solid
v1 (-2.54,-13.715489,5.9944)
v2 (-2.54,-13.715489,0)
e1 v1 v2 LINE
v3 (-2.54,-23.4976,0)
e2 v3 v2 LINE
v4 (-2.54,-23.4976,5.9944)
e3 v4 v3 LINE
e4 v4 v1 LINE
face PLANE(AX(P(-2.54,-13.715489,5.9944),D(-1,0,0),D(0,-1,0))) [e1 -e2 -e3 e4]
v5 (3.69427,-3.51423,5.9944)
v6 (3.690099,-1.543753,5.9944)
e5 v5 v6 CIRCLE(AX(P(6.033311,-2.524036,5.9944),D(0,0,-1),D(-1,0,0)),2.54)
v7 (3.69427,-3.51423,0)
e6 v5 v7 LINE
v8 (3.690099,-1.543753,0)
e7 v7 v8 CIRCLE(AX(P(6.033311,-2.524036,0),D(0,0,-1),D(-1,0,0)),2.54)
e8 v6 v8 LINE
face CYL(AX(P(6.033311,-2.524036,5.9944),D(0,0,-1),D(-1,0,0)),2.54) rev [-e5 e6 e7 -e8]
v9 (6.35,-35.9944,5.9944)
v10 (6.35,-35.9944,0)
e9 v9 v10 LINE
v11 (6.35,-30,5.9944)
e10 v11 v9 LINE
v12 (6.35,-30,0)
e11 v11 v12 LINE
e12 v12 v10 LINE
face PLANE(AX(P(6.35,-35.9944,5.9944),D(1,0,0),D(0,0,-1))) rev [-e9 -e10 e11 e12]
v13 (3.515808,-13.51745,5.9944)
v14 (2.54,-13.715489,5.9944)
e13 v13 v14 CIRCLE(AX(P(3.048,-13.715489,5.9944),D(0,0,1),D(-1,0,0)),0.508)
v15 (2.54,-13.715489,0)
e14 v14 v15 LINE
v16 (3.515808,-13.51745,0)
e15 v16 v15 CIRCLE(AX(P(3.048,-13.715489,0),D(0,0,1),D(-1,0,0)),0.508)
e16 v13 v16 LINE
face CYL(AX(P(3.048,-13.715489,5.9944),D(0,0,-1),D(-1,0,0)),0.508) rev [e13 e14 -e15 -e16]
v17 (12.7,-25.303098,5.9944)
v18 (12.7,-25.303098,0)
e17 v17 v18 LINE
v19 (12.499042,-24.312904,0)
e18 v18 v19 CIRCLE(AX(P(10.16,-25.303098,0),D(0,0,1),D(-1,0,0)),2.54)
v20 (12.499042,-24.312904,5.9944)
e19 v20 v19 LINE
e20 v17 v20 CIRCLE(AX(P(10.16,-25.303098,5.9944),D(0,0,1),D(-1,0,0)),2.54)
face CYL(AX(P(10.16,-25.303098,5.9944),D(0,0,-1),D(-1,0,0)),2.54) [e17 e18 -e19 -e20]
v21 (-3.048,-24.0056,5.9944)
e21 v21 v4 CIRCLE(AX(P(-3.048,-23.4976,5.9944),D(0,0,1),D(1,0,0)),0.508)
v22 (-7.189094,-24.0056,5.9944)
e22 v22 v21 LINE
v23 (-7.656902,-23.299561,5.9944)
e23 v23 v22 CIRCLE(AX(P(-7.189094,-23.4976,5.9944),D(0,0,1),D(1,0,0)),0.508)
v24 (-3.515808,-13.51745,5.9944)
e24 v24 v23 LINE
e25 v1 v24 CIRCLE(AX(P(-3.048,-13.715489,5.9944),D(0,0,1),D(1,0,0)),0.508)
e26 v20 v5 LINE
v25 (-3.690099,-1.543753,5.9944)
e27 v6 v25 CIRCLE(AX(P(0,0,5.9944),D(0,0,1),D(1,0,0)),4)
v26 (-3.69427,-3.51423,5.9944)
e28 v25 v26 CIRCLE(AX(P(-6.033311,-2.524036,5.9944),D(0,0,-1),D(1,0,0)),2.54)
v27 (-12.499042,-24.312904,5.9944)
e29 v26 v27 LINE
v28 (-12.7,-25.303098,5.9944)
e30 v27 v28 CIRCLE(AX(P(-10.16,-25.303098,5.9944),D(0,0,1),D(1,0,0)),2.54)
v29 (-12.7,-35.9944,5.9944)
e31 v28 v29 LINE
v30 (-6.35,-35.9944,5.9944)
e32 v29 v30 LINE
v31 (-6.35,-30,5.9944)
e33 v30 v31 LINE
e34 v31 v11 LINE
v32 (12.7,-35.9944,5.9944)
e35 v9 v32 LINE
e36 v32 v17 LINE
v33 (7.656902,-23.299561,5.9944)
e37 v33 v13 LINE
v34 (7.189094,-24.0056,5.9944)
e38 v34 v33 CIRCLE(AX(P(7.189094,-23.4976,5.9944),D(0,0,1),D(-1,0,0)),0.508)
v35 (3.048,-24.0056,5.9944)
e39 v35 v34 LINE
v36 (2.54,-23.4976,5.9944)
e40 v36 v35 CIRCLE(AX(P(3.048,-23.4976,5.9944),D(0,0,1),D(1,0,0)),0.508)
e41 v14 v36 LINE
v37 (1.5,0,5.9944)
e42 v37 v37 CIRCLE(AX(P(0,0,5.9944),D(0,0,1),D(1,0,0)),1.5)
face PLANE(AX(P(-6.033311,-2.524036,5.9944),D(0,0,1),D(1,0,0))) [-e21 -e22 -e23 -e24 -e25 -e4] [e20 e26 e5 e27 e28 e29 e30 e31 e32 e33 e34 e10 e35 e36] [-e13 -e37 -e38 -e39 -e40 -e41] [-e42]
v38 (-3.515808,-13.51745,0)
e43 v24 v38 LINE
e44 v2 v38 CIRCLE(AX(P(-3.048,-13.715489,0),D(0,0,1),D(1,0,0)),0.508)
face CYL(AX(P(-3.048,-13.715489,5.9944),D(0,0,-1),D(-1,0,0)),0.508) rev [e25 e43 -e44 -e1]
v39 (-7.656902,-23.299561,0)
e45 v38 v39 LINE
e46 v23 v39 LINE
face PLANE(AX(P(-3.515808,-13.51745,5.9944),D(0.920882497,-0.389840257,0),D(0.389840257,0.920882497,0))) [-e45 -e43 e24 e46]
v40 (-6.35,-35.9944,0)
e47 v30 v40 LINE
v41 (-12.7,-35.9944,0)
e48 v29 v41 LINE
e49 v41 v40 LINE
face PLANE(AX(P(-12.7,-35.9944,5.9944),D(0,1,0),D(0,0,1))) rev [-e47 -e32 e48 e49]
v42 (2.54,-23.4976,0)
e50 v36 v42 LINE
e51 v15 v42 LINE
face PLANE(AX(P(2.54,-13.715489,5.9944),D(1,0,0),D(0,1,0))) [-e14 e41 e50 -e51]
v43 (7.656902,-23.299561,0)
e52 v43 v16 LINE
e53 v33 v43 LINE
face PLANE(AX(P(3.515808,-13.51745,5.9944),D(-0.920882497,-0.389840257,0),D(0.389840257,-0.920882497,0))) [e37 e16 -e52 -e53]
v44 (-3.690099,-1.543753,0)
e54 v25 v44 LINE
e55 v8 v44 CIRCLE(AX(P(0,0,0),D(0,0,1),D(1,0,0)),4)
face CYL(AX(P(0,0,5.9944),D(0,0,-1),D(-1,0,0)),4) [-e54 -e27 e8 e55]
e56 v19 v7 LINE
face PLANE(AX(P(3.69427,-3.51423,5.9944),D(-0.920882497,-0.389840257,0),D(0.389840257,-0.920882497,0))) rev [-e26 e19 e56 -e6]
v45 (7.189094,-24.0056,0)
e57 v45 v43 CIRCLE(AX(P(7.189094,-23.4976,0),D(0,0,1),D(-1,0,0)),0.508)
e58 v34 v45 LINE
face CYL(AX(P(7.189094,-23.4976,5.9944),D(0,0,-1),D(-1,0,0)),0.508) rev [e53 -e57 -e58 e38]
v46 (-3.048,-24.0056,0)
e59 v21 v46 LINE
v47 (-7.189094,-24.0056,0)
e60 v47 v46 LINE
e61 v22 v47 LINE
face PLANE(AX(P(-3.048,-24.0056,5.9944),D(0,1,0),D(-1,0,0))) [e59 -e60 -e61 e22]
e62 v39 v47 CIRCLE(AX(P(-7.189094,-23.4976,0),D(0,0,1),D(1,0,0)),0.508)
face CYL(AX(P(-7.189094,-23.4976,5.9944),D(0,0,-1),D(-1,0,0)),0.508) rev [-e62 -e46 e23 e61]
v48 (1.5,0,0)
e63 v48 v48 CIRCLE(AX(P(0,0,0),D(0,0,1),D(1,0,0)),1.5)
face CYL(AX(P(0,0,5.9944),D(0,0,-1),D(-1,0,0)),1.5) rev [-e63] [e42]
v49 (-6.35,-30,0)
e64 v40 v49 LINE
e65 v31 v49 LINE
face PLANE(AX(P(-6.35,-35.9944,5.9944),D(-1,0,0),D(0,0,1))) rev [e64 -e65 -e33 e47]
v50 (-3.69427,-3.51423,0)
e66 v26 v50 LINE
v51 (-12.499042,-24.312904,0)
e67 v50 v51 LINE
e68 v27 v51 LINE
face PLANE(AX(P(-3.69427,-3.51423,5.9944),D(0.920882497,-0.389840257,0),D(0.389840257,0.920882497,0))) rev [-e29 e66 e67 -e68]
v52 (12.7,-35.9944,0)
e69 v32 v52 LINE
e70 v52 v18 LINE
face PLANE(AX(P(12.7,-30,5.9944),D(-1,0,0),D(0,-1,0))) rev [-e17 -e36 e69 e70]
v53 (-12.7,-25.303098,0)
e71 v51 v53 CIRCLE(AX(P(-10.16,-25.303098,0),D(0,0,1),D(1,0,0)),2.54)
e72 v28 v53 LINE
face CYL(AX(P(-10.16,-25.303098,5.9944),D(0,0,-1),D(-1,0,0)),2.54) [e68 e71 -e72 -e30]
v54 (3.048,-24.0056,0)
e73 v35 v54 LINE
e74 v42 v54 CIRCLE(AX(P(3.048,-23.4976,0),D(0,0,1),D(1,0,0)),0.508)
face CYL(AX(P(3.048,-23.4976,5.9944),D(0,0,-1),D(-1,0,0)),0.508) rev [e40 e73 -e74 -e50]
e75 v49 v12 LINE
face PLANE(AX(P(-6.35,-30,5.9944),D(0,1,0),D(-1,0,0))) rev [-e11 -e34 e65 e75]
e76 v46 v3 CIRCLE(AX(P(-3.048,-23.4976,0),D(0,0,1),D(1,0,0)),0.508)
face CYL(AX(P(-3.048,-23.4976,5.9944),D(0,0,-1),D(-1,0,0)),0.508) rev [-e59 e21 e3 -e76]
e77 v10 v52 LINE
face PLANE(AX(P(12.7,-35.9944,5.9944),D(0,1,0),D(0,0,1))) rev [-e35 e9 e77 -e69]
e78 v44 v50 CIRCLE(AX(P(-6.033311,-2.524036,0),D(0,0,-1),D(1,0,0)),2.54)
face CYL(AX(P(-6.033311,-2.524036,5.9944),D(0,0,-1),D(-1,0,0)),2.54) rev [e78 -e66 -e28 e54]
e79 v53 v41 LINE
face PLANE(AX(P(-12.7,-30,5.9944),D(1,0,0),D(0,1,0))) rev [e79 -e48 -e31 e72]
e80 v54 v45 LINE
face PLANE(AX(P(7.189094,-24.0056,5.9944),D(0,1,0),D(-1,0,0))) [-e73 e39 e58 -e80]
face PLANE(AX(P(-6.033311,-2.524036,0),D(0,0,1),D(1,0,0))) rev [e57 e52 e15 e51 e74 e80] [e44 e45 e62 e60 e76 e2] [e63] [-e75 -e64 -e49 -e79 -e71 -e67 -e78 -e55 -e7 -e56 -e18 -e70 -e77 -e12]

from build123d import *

# Parameters (mm, degrees)
SKETCH1_R           = 1.5
BOSS_EXTRUDE1_DEPTH = 5.9944


with BuildPart() as part:
    # Sketch1 → Boss-Extrude1 (new body)
    with BuildSketch(Plane.XY):
        with BuildLine():
            Line((-12.7, -25.303097847), (-12.7, -30))
            Line((-12.7, -30), (-12.7, -35.9944))
            Line((-12.7, -35.9944), (-6.35, -35.9944))
            Line((-6.35, -35.9944), (-6.35, -30))
            Line((-6.35, -30), (6.35, -30))
            Line((6.35, -30), (6.35, -35.9944))
            Line((6.35, -35.9944), (12.7, -35.9944))
            Line((12.7, -35.9944), (12.7, -30))
            Line((12.7, -30), (12.7, -25.303097847))
            ThreePointArc((12.7, -25.303097847), (12.649253454, -24.797907547), (12.499041543, -24.312903594))
            Line((12.499041543, -24.312903594), (3.694269669, -3.514229875))
            ThreePointArc((3.694269669, -3.514229875), (3.493316902, -2.529412233), (3.690098601, -1.543752674))
            ThreePointArc((3.690098601, -1.543752674), (0, 4), (-3.690098601, -1.543752674))
            ThreePointArc((-3.690098601, -1.543752674), (-3.493316902, -2.529412233), (-3.694269669, -3.514229875))
            Line((-3.694269669, -3.514229875), (-12.499041543, -24.312903594))
            ThreePointArc((-12.499041543, -24.312903594), (-12.649253454, -24.797907547), (-12.7, -25.303097847))
        make_face()
        with BuildLine():
            ThreePointArc((-2.54, -23.4976), (-2.688789755, -23.856810245), (-3.048, -24.0056))
            Line((-3.048, -24.0056), (-7.189093556, -24.0056))
            ThreePointArc((-7.189093556, -24.0056), (-7.612571853, -23.778188902), (-7.656901865, -23.299561149))
            Line((-7.656901865, -23.299561149), (-3.515808309, -13.517450387))
            ThreePointArc((-3.515808309, -13.517450387), (-2.94696194, -13.217638546), (-2.54, -13.715489237))
            Line((-2.54, -13.715489237), (-2.54, -23.4976))
        make_face(mode=Mode.SUBTRACT)
        with BuildLine():
            ThreePointArc((7.656901865, -23.299561149), (7.612571853, -23.778188902), (7.189093556, -24.0056))
            Line((7.189093556, -24.0056), (3.048, -24.0056))
            ThreePointArc((3.048, -24.0056), (2.688789755, -23.856810245), (2.54, -23.4976))
            Line((2.54, -23.4976), (2.54, -13.715489237))
            ThreePointArc((2.54, -13.715489237), (2.94696194, -13.217638546), (3.515808309, -13.517450387))
            Line((3.515808309, -13.517450387), (7.656901865, -23.299561149))
        make_face(mode=Mode.SUBTRACT)
        Circle(SKETCH1_R, mode=Mode.SUBTRACT)
    extrude(amount=BOSS_EXTRUDE1_DEPTH)


solid = part.part
